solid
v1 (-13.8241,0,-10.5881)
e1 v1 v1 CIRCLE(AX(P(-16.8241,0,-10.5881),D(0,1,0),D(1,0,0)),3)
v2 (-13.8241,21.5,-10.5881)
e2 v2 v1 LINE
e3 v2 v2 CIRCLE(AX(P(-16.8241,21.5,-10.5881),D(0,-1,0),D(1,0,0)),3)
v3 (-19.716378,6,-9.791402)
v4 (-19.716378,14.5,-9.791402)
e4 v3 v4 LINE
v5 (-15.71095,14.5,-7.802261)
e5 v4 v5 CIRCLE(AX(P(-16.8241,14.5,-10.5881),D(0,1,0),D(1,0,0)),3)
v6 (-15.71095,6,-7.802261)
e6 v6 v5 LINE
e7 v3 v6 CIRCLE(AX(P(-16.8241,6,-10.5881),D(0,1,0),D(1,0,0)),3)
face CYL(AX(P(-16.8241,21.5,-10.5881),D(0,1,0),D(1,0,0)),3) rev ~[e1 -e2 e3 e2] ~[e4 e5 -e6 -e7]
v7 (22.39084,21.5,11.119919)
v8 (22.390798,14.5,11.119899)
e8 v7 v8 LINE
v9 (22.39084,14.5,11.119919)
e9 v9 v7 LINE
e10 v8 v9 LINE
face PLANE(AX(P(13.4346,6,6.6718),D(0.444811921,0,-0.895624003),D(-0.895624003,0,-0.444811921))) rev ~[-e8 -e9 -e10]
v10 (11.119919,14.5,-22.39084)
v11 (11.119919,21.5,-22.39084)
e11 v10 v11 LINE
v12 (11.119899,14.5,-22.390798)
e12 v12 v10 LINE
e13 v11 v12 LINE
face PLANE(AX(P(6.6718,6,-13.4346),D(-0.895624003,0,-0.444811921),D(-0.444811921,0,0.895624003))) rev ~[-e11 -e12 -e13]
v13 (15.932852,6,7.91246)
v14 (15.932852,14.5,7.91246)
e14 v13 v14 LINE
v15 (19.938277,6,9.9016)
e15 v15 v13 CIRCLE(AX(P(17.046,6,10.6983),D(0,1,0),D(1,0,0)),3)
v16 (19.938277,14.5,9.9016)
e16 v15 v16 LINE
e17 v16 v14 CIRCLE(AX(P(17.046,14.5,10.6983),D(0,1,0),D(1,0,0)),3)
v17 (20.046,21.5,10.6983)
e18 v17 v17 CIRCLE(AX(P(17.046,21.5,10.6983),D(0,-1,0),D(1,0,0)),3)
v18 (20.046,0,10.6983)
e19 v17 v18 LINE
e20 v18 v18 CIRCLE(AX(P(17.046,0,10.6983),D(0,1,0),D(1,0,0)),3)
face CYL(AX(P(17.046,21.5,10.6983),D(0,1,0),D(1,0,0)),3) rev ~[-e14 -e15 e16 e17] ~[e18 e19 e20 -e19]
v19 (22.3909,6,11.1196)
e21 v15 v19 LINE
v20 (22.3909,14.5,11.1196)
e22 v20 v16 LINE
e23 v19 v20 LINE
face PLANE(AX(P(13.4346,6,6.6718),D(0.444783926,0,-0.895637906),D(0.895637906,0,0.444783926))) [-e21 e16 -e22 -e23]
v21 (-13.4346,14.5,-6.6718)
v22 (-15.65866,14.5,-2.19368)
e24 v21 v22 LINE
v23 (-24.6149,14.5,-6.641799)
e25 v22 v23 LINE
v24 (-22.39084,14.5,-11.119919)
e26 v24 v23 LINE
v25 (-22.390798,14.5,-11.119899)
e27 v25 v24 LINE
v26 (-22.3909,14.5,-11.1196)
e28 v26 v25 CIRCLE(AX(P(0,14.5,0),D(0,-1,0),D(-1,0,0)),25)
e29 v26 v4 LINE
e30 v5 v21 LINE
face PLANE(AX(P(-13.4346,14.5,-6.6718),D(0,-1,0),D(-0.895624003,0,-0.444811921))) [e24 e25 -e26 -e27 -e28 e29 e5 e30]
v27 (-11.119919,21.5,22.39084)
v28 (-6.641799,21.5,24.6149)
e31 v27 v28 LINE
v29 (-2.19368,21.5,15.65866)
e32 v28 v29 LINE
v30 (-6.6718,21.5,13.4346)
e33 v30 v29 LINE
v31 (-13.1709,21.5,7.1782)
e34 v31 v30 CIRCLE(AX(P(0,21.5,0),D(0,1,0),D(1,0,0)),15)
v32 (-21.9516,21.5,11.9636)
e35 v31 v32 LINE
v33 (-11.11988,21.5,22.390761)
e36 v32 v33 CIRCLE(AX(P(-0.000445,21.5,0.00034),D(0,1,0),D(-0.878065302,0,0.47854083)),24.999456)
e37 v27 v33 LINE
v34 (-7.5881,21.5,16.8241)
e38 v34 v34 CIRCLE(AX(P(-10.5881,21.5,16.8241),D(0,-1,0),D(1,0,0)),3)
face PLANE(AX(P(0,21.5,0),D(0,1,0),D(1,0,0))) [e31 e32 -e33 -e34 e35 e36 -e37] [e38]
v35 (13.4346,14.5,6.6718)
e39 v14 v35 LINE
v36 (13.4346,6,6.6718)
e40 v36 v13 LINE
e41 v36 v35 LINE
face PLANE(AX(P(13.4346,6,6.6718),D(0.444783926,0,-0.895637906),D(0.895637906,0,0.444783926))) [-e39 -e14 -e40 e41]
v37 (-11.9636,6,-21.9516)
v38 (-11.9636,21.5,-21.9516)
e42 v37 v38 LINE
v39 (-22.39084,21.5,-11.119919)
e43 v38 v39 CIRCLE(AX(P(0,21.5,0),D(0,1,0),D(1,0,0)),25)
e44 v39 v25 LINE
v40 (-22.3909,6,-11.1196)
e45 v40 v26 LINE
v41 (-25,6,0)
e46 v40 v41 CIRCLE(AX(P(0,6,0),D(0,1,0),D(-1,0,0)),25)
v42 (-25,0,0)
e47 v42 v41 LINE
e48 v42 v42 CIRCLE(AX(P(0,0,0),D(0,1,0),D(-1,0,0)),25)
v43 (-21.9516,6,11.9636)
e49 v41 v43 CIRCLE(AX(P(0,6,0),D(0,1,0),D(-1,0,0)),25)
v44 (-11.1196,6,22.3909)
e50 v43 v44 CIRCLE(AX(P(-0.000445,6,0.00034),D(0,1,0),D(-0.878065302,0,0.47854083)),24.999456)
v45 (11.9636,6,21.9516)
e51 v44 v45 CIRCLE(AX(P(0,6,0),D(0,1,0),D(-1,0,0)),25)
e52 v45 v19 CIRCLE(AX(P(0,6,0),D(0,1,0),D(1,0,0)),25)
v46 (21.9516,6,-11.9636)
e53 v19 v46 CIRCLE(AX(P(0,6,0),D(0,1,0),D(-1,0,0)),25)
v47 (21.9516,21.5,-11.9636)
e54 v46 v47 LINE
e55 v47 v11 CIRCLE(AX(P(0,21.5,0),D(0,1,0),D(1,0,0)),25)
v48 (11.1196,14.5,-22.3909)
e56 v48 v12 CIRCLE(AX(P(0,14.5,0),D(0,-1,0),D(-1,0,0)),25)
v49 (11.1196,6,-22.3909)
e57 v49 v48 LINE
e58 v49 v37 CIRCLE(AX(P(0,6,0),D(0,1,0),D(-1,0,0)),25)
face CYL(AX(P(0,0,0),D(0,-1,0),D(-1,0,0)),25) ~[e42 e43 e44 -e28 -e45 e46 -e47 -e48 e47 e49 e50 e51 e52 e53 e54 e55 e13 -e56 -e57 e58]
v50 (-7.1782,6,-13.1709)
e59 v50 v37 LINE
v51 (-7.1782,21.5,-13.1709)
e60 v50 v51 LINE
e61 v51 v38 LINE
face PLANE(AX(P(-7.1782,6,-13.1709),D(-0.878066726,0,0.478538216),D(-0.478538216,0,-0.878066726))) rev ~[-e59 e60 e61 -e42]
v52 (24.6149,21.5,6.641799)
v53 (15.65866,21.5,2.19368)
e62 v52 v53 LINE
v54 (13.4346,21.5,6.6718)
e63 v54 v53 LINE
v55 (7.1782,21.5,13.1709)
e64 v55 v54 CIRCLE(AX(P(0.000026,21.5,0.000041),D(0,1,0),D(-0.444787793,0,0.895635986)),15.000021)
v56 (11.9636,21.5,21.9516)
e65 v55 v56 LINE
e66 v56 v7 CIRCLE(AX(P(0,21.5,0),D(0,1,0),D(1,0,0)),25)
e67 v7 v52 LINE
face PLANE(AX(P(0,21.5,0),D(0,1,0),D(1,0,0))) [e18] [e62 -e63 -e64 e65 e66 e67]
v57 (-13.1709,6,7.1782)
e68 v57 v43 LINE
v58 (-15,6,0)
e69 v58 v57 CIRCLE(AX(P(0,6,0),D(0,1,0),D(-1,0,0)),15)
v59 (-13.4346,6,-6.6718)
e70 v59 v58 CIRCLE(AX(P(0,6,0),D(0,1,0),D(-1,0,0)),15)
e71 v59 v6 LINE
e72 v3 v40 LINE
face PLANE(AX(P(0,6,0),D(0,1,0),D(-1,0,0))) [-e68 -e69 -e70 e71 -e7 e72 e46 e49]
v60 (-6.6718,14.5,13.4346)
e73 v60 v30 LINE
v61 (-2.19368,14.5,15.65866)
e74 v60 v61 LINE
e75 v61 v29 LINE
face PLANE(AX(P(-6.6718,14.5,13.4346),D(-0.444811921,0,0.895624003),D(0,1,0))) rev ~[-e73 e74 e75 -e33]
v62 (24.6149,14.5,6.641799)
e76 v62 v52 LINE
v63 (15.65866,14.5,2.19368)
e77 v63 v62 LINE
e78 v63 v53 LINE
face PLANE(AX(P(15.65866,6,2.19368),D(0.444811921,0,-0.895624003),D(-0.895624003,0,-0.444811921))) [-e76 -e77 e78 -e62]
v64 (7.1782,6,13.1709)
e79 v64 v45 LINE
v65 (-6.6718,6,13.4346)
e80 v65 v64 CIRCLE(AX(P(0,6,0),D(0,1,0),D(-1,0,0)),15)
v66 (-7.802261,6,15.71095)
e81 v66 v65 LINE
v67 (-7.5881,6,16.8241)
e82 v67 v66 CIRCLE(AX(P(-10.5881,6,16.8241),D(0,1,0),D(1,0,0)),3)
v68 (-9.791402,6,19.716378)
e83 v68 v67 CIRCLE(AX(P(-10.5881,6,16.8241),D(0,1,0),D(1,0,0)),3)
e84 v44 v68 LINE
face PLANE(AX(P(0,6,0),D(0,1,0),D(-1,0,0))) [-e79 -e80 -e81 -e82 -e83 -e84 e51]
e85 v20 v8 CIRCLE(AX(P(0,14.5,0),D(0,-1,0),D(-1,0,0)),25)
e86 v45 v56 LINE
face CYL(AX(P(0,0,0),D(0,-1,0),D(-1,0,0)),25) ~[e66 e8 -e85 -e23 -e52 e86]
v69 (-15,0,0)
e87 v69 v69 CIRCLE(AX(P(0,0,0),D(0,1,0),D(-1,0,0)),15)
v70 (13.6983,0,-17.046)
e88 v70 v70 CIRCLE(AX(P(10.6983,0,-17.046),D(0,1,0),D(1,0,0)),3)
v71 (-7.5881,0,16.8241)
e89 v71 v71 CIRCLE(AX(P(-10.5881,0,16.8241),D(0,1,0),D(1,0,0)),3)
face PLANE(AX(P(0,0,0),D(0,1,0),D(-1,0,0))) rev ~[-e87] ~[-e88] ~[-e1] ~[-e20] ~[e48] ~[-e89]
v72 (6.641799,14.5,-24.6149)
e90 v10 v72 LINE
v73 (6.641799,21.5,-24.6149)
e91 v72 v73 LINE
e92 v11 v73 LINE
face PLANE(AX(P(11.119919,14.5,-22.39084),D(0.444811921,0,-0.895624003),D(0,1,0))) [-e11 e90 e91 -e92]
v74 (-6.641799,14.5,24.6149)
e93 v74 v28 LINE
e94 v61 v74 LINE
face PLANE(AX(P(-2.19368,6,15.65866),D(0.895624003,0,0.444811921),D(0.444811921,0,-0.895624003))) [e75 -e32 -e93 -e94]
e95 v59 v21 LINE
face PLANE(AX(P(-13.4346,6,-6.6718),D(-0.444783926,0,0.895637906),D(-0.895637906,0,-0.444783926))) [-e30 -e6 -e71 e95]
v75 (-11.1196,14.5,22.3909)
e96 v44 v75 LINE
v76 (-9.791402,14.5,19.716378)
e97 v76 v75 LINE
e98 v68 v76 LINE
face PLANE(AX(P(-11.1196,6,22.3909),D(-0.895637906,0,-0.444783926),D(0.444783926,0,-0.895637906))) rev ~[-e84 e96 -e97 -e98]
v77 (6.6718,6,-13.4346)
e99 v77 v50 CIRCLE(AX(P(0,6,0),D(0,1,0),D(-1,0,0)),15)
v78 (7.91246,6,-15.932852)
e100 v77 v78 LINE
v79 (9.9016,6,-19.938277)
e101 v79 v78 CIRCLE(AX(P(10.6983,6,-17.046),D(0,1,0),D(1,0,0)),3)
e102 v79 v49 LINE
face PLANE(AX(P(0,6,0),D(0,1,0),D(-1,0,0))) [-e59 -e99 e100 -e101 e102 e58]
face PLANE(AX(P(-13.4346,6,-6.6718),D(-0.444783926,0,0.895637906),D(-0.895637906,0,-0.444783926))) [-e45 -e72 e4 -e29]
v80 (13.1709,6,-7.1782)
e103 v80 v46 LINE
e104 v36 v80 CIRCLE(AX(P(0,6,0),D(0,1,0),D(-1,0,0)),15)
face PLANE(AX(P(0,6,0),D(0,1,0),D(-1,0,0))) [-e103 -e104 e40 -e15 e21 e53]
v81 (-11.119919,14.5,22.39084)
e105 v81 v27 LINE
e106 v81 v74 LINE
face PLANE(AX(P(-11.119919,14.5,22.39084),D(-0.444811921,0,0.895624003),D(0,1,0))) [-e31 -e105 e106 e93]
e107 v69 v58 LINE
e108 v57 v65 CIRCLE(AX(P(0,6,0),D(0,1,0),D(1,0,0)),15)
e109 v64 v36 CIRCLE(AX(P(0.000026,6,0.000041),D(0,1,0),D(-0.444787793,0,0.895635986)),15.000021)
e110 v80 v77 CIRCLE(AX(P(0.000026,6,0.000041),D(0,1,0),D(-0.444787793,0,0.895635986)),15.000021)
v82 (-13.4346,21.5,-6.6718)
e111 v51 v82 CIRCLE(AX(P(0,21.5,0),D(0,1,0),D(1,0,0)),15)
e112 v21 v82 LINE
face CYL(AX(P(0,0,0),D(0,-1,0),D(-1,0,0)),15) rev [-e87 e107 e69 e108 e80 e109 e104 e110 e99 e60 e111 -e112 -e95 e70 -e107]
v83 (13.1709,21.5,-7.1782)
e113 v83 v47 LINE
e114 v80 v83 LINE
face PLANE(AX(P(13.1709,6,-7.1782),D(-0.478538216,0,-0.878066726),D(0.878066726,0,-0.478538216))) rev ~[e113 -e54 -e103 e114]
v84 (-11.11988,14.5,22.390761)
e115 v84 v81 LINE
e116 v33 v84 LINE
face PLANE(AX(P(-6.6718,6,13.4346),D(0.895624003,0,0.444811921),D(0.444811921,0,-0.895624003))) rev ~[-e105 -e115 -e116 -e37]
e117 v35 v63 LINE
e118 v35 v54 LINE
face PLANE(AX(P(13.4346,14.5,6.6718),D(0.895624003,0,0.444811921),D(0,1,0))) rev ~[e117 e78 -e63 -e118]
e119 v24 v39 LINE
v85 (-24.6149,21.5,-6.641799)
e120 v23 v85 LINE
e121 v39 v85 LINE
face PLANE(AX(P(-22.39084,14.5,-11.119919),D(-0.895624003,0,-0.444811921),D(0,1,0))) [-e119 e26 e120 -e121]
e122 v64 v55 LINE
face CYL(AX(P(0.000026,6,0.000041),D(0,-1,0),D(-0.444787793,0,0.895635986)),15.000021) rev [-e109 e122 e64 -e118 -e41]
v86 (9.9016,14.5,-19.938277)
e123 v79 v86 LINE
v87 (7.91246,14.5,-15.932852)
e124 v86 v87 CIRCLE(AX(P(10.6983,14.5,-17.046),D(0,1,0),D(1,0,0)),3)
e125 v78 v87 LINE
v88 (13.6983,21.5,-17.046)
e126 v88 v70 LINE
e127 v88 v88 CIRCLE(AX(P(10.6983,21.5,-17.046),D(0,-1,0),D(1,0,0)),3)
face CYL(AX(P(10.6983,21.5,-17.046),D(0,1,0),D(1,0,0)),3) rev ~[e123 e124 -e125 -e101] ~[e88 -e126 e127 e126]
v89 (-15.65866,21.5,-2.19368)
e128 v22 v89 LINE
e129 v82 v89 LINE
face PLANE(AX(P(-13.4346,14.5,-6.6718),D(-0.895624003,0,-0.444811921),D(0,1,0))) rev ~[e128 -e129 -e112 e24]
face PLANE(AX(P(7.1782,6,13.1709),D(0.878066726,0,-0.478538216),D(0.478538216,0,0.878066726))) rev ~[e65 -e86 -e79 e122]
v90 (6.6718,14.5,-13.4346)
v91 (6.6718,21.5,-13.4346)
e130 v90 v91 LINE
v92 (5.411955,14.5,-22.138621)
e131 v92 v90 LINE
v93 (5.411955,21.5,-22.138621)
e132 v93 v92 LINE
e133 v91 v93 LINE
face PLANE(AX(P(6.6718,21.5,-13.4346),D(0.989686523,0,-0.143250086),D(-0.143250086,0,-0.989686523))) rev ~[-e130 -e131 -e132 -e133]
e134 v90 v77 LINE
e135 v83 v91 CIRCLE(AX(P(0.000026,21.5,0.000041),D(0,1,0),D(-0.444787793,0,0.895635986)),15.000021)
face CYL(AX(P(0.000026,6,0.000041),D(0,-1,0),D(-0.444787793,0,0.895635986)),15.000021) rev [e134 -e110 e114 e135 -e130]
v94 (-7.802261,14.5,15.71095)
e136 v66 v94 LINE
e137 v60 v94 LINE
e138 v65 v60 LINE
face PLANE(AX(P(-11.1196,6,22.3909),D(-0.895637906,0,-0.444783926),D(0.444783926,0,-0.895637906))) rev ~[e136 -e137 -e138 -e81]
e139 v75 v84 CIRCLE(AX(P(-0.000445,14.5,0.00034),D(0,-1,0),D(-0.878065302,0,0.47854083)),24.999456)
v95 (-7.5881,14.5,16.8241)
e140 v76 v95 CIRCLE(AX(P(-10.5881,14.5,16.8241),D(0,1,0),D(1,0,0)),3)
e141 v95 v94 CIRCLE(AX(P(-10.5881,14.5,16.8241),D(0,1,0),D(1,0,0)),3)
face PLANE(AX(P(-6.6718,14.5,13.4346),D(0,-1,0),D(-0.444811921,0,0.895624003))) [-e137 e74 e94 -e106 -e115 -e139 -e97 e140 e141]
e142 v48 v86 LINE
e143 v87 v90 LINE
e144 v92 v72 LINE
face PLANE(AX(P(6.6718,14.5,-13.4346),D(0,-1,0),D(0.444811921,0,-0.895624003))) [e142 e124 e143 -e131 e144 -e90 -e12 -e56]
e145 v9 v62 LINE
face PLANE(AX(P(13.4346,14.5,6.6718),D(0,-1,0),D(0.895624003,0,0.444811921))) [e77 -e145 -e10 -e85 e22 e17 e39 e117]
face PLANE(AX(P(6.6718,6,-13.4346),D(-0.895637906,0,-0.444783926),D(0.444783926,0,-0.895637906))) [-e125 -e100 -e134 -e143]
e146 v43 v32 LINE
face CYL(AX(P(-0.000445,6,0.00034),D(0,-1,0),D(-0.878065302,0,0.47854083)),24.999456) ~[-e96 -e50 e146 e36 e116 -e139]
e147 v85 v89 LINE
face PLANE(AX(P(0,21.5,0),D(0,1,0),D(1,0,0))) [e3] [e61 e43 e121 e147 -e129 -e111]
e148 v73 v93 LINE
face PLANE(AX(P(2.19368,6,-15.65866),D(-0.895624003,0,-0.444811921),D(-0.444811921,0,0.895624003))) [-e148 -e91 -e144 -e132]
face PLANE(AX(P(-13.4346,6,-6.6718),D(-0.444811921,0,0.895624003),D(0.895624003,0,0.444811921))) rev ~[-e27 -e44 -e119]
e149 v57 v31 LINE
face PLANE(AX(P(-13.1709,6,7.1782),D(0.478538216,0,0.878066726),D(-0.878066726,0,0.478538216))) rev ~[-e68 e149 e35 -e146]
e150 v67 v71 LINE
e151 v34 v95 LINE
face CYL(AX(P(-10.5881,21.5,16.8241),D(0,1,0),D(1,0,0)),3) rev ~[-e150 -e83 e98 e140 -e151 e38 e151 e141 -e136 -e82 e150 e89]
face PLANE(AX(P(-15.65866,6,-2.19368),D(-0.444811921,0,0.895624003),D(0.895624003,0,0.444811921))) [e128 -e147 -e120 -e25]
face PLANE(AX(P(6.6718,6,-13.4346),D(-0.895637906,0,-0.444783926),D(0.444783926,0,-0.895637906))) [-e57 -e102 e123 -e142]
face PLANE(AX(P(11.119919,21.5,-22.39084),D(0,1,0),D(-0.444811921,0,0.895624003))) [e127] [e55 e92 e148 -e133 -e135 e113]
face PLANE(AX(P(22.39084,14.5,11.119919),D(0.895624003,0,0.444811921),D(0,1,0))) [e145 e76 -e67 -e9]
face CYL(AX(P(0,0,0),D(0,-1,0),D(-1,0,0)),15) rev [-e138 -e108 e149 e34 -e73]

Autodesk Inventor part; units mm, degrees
ref_plane "YZ Plane" through (0, 0, 0) normal (1, 0, 0) x (0, 1, 0)
ref_plane "XZ Plane" through (0, 0, 0) normal (0, 1, 0) x (-1, 0, 0)
ref_plane "XY Plane" through (0, 0, 0) normal (0, 0, 1) x (1, 0, 0)
sketch "Sketch1" plane through (0, 0, 0) normal (0, 1, 0) x (-1, 0, 0)
  circle A0 centre (0, 0) radius 25
  circle A1 centre (0, 0) radius 15
  dimension "d0" = 50
  dimension "d1" = 30
extrude "Extrusion1" add sketch "Sketch1" along normal blind 6
sketch "Sketch2" plane through (0, 6, 0) normal (0, 1, 0) x (1, 0, 0)
  arc A0 (-6.6718, -13.4346) -> (-7.1782, 13.1709) centre (0, 0) ccw
  arc A1 (-21.9516, -11.9636) -> (-11.1196, -22.3909) centre (0, 0) ccw
  line L0 (-13.1709, -7.1782) -> (-21.9516, -11.9636)
  line L1 (-13.4346, 6.6718) -> (-22.3909, 11.1196)
  line L2 (-7.1782, 13.1709) -> (-11.9636, 21.9516)
  circle A2 centre (0, 0) radius 15 projected
  line L3 (6.6718, 13.4346) -> (11.1196, 22.3909)
  circle A3 centre (0, 0) radius 25 projected
  line L4 (13.1709, 7.1782) -> (21.9516, 11.9636)
  line L5 (-11.1196, -22.3909) -> (-6.6718, -13.4346)
  line L6 (7.1782, -13.1709) -> (11.9636, -21.9516)
  line L7 (13.4346, -6.6718) -> (22.3909, -11.1196)
  arc A4 (-22.3909, 11.1196) -> (-21.9516, -11.9636) centre (0, 0) ccw
  arc A5 (-11.1196, -22.3909) -> (21.9516, 11.9636) centre (0, 0) ccw
  arc A6 (-11.9636, 21.9516) -> (-22.3909, 11.1196) centre (0, 0) ccw
  arc A7 (11.1196, 22.3909) -> (-11.9636, 21.9516) centre (0, 0) ccw
  arc A8 (21.9516, 11.9636) -> (11.1196, 22.3909) centre (0, 0) ccw
  arc A9 (-13.1709, -7.1782) -> (-6.6718, -13.4346) centre (0, 0) ccw
  arc A10 (-13.4346, 6.6718) -> (-13.1709, -7.1782) centre (0, 0) ccw
  arc A11 (-7.1782, 13.1709) -> (-13.4346, 6.6718) centre (0, 0) ccw
  dimension "d6" = 35
  dimension "d7" = 35
  dimension "d8" = 35
  dimension "d9" = 35
  dimension "d10" = 55
  dimension "d11" = 55
  dimension "d12" = 55
  dimension "d13" = 55
extrude "Extrusion2" add sketch "Sketch2" along normal blind 15.5 contours L5 A1 L0 A2 | A0 L7 A3 L6 | L1 A3 L2 A2 | A0 L3 A3 L4
sketch "Sketch3" plane through (11.9636, 6, 21.9516) normal (-0.8781, 0, 0.4785) x (0.4785, 0, 0.8781)
  line L0 (-10, 15.5) -> (0, 15.5)
  line L1 (0, 15.5) -> (0, 9)
  line L2 (0, 9) -> (-10, 9)
  line L3 (-10, 9) -> (-10, 15.5)
  point P0 (-25, -6)
  dimension "d18" = 6.5
  dimension "d21" = 10
sketch "Sketch4" plane through (-21.9516, 6, 11.9636) normal (-0.4785, 0, -0.8781) x (-0.8781, 0, 0.4785)
  line L0 (0, 0) -> (0, 15.5) projected
  line L1 (-10, 15.5) -> (0, 15.5)
  line L2 (0, 15.5) -> (0, 9)
  line L3 (0, 9) -> (-10, 9)
  line L4 (-10, 9) -> (-10, 15.5)
  point P0 (-25, -6)
  dimension "d20" = 6.5
sketch "Sketch5" plane through (-11.9636, 6, -21.9516) normal (0.8781, 0, -0.4785) x (-0.4785, 0, -0.8781)
  line L0 (0, 0) -> (0, 15.5) projected
  line L1 (-10, 15.5) -> (0, 15.5)
  line L2 (0, 15.5) -> (0, 9)
  line L3 (0, 9) -> (-10, 9)
  line L4 (-10, 9) -> (-10, 15.5)
  point P0 (-25, -6)
  dimension "d19" = 6.5
sketch "Sketch6" plane through (21.9516, 6, -11.9636) normal (0.4785, 0, 0.8781) x (0.8781, 0, -0.4785)
  point P0 (-25, -6)
sketch "Sketch7" plane through (21.9516, 6, -11.9636) normal (0.4785, 0, 0.8781) x (0.8781, 0, -0.4785)
  line L0 (0, 0) -> (0, 15.5) projected
  line L1 (-10, 15.5) -> (0, 15.5)
  line L2 (0, 15.5) -> (0, 9)
  line L3 (0, 9) -> (-10, 9)
  line L4 (-10, 9) -> (-10, 15.5)
  point P0 (-25, -6)
  dimension "d17" = 6.5
sketch "Sketch12" plane through (-6.6718, 6, 13.4346) normal (0.8956, 0, 0.4448) x (0.4448, 0, -0.8956)
  line L0 (0, 0) -> (0, 15.5) projected
  line L1 (-10, 15.5) -> (0, 15.5)
  line L2 (0, 15.5) -> (0, 8.5)
  line L3 (0, 8.5) -> (-10, 8.5)
  line L4 (-10, 8.5) -> (-10, 15.5)
  point P0 (15, -6)
  dimension "d55" = 7
sketch "Sketch13" plane through (13.4346, 6, 6.6718) normal (0.4448, 0, -0.8956) x (-0.8956, 0, -0.4448)
  line L0 (0, 0) -> (0, 15.5) projected
  line L1 (-10, 15.5) -> (0, 15.5)
  line L2 (0, 15.5) -> (0, 8.5)
  line L3 (0, 8.5) -> (-10, 8.5)
  line L4 (-10, 8.5) -> (-10, 15.5)
  point P0 (15, -6)
  dimension "d56" = 7
sketch "Sketch14" plane through (6.6718, 6, -13.4346) normal (-0.8956, 0, -0.4448) x (-0.4448, 0, 0.8956)
  line L0 (-10, 15.5) -> (0, 15.5)
  line L1 (0, 15.5) -> (0, 8.5)
  line L2 (0, 8.5) -> (-10, 8.5)
  line L3 (-10, 8.5) -> (-10, 15.5)
  point P0 (15, -6)
  dimension "d57" = 7
sketch "Sketch15" plane through (-13.4346, 6, -6.6718) normal (-0.4448, 0, 0.8956) x (0.8956, 0, 0.4448)
  line L0 (0, 0) -> (0, 15.5) projected
  line L1 (-10, 15.5) -> (0, 15.5)
  line L2 (0, 15.5) -> (0, 8.5)
  line L3 (0, 8.5) -> (-10, 8.5)
  line L4 (-10, 8.5) -> (-10, 15.5)
  point P0 (15, -6)
  dimension "d58" = 7
extrude "Extrusion11" add sketch "Sketch12" along normal blind 5
extrude "Extrusion12" add sketch "Sketch13" along normal blind 5
sketch "Sketch16" plane through (6.6718, 6, -13.4346) normal (-0.8956, 0, -0.4448) x (-0.4448, 0, 0.8956)
  point P0 (15, -6)
extrude "Extrusion13" add sketch "Sketch14" along normal blind 5
extrude "Extrusion14" add sketch "Sketch15" along normal blind 5
sketch "Sketch8" plane through (0, 21.5, 0) normal (0, 1, 0) x (1, 0, 0)
  circle A0 centre (-16.8241, 10.5881) radius 3
  arc A1 (-7.1782, 13.1709) -> (-13.4346, 6.6718) centre (0, 0) ccw projected
  line L0 (-7.5733, 24.3443) -> (-2.7879, 15.5637) projected
  arc A2 (-11.9636, 21.9516) -> (-22.3909, 11.1196) centre (0, 0) ccw projected
  circle A3 centre (0, 0) radius 25 projected
  line L1 (-22.3909, 11.1196) -> (-13.4346, 6.6718) projected
  line L2 (-15.6585, 2.1936) -> (-24.6149, 6.6414) projected
  line L3 (-16.8241, 10.5881) -> (-12.6951, 7.9896) construction
  dimension "d30" = 6
  dimension "d71" = 7
  dimension "d72" = 4.129
sketch "Sketch9" plane through (0, 21.5, 0) normal (0, 1, 0) x (1, 0, 0)
  circle A0 centre (10.6983, 17.046) radius 3
  line L0 (24.3443, 7.5733) -> (15.5637, 2.7879) construction
  arc A1 (21.9516, 11.9636) -> (11.1196, 22.3909) centre (0, 0) ccw construction
  line L1 (11.1196, 22.3909) -> (6.6718, 13.4346) projected
  line L2 (2.1936, 15.6585) -> (6.6414, 24.6149) projected
  line L3 (10.6983, 17.046) -> (13.2898, 21.175) construction
  dimension "d37" = 6
  dimension "d73" = 7
  dimension "d77" = 4.129
sketch "Sketch10" plane through (0, 21.5, 0) normal (0, 1, 0) x (1, 0, 0)
  circle A0 centre (17.046, -10.6983) radius 3
  line L0 (7.5733, -24.3443) -> (2.7879, -15.5637) projected
  arc A1 (11.9636, -21.9516) -> (22.3909, -11.1196) centre (0, 0) ccw construction
  line L1 (22.3909, -11.1196) -> (13.4346, -6.6718) projected
  line L2 (15.6585, -2.1936) -> (24.6149, -6.6414) projected
  line L3 (17.046, -10.6983) -> (21.175, -13.2898) construction
  dimension "d42" = 6
  dimension "d78" = 7
  dimension "d79" = 4.129
sketch "Sketch11" plane through (0, 21.5, 0) normal (0, 1, 0) x (1, 0, 0)
  circle A0 centre (-10.5881, -16.8241) radius 3
  line L0 (-24.3443, -7.5733) -> (-15.5637, -2.7879) projected
  arc A1 (-13.1709, -7.1782) -> (-6.6718, -13.4346) centre (0, 0) ccw construction
  line L1 (-11.1196, -22.3909) -> (-6.6718, -13.4346) projected
  line L2 (-2.1936, -15.6585) -> (-6.6414, -24.6149) projected
  line L3 (-10.5881, -16.8241) -> (-7.9896, -12.6951) construction
  dimension "d44" = 6
  dimension "d80" = 7
  dimension "d83" = 4.129
extrude "Extrusion15" cut sketch "Sketch8" against normal through all contours A0 L1 | L1 A0
extrude "Extrusion16" cut sketch "Sketch9" against normal through all
extrude "Extrusion17" cut sketch "Sketch10" against normal through all
extrude "Extrusion18" cut sketch "Sketch11" against normal through all
sketch "Sketch17" plane through (0, 21.5, 0) normal (0, 1, 0) x (1, 0, 0)
  line L0 (2.1936, 15.6585) -> (6.6414, 24.6149) projected
  line L1 (6.6718, 13.4346) -> (2.1936, 15.6585)
  line L2 (2.1936, 15.6585) -> (4.4175, 20.1367)
  line L3 (6.6718, 13.4346) -> (5.4119, 22.139)
  point P0 (0, 0)
extrude "Extrusion19" cut sketch "Sketch17" against normal blind 8
properties part number "male bayonet connector - mk2"
